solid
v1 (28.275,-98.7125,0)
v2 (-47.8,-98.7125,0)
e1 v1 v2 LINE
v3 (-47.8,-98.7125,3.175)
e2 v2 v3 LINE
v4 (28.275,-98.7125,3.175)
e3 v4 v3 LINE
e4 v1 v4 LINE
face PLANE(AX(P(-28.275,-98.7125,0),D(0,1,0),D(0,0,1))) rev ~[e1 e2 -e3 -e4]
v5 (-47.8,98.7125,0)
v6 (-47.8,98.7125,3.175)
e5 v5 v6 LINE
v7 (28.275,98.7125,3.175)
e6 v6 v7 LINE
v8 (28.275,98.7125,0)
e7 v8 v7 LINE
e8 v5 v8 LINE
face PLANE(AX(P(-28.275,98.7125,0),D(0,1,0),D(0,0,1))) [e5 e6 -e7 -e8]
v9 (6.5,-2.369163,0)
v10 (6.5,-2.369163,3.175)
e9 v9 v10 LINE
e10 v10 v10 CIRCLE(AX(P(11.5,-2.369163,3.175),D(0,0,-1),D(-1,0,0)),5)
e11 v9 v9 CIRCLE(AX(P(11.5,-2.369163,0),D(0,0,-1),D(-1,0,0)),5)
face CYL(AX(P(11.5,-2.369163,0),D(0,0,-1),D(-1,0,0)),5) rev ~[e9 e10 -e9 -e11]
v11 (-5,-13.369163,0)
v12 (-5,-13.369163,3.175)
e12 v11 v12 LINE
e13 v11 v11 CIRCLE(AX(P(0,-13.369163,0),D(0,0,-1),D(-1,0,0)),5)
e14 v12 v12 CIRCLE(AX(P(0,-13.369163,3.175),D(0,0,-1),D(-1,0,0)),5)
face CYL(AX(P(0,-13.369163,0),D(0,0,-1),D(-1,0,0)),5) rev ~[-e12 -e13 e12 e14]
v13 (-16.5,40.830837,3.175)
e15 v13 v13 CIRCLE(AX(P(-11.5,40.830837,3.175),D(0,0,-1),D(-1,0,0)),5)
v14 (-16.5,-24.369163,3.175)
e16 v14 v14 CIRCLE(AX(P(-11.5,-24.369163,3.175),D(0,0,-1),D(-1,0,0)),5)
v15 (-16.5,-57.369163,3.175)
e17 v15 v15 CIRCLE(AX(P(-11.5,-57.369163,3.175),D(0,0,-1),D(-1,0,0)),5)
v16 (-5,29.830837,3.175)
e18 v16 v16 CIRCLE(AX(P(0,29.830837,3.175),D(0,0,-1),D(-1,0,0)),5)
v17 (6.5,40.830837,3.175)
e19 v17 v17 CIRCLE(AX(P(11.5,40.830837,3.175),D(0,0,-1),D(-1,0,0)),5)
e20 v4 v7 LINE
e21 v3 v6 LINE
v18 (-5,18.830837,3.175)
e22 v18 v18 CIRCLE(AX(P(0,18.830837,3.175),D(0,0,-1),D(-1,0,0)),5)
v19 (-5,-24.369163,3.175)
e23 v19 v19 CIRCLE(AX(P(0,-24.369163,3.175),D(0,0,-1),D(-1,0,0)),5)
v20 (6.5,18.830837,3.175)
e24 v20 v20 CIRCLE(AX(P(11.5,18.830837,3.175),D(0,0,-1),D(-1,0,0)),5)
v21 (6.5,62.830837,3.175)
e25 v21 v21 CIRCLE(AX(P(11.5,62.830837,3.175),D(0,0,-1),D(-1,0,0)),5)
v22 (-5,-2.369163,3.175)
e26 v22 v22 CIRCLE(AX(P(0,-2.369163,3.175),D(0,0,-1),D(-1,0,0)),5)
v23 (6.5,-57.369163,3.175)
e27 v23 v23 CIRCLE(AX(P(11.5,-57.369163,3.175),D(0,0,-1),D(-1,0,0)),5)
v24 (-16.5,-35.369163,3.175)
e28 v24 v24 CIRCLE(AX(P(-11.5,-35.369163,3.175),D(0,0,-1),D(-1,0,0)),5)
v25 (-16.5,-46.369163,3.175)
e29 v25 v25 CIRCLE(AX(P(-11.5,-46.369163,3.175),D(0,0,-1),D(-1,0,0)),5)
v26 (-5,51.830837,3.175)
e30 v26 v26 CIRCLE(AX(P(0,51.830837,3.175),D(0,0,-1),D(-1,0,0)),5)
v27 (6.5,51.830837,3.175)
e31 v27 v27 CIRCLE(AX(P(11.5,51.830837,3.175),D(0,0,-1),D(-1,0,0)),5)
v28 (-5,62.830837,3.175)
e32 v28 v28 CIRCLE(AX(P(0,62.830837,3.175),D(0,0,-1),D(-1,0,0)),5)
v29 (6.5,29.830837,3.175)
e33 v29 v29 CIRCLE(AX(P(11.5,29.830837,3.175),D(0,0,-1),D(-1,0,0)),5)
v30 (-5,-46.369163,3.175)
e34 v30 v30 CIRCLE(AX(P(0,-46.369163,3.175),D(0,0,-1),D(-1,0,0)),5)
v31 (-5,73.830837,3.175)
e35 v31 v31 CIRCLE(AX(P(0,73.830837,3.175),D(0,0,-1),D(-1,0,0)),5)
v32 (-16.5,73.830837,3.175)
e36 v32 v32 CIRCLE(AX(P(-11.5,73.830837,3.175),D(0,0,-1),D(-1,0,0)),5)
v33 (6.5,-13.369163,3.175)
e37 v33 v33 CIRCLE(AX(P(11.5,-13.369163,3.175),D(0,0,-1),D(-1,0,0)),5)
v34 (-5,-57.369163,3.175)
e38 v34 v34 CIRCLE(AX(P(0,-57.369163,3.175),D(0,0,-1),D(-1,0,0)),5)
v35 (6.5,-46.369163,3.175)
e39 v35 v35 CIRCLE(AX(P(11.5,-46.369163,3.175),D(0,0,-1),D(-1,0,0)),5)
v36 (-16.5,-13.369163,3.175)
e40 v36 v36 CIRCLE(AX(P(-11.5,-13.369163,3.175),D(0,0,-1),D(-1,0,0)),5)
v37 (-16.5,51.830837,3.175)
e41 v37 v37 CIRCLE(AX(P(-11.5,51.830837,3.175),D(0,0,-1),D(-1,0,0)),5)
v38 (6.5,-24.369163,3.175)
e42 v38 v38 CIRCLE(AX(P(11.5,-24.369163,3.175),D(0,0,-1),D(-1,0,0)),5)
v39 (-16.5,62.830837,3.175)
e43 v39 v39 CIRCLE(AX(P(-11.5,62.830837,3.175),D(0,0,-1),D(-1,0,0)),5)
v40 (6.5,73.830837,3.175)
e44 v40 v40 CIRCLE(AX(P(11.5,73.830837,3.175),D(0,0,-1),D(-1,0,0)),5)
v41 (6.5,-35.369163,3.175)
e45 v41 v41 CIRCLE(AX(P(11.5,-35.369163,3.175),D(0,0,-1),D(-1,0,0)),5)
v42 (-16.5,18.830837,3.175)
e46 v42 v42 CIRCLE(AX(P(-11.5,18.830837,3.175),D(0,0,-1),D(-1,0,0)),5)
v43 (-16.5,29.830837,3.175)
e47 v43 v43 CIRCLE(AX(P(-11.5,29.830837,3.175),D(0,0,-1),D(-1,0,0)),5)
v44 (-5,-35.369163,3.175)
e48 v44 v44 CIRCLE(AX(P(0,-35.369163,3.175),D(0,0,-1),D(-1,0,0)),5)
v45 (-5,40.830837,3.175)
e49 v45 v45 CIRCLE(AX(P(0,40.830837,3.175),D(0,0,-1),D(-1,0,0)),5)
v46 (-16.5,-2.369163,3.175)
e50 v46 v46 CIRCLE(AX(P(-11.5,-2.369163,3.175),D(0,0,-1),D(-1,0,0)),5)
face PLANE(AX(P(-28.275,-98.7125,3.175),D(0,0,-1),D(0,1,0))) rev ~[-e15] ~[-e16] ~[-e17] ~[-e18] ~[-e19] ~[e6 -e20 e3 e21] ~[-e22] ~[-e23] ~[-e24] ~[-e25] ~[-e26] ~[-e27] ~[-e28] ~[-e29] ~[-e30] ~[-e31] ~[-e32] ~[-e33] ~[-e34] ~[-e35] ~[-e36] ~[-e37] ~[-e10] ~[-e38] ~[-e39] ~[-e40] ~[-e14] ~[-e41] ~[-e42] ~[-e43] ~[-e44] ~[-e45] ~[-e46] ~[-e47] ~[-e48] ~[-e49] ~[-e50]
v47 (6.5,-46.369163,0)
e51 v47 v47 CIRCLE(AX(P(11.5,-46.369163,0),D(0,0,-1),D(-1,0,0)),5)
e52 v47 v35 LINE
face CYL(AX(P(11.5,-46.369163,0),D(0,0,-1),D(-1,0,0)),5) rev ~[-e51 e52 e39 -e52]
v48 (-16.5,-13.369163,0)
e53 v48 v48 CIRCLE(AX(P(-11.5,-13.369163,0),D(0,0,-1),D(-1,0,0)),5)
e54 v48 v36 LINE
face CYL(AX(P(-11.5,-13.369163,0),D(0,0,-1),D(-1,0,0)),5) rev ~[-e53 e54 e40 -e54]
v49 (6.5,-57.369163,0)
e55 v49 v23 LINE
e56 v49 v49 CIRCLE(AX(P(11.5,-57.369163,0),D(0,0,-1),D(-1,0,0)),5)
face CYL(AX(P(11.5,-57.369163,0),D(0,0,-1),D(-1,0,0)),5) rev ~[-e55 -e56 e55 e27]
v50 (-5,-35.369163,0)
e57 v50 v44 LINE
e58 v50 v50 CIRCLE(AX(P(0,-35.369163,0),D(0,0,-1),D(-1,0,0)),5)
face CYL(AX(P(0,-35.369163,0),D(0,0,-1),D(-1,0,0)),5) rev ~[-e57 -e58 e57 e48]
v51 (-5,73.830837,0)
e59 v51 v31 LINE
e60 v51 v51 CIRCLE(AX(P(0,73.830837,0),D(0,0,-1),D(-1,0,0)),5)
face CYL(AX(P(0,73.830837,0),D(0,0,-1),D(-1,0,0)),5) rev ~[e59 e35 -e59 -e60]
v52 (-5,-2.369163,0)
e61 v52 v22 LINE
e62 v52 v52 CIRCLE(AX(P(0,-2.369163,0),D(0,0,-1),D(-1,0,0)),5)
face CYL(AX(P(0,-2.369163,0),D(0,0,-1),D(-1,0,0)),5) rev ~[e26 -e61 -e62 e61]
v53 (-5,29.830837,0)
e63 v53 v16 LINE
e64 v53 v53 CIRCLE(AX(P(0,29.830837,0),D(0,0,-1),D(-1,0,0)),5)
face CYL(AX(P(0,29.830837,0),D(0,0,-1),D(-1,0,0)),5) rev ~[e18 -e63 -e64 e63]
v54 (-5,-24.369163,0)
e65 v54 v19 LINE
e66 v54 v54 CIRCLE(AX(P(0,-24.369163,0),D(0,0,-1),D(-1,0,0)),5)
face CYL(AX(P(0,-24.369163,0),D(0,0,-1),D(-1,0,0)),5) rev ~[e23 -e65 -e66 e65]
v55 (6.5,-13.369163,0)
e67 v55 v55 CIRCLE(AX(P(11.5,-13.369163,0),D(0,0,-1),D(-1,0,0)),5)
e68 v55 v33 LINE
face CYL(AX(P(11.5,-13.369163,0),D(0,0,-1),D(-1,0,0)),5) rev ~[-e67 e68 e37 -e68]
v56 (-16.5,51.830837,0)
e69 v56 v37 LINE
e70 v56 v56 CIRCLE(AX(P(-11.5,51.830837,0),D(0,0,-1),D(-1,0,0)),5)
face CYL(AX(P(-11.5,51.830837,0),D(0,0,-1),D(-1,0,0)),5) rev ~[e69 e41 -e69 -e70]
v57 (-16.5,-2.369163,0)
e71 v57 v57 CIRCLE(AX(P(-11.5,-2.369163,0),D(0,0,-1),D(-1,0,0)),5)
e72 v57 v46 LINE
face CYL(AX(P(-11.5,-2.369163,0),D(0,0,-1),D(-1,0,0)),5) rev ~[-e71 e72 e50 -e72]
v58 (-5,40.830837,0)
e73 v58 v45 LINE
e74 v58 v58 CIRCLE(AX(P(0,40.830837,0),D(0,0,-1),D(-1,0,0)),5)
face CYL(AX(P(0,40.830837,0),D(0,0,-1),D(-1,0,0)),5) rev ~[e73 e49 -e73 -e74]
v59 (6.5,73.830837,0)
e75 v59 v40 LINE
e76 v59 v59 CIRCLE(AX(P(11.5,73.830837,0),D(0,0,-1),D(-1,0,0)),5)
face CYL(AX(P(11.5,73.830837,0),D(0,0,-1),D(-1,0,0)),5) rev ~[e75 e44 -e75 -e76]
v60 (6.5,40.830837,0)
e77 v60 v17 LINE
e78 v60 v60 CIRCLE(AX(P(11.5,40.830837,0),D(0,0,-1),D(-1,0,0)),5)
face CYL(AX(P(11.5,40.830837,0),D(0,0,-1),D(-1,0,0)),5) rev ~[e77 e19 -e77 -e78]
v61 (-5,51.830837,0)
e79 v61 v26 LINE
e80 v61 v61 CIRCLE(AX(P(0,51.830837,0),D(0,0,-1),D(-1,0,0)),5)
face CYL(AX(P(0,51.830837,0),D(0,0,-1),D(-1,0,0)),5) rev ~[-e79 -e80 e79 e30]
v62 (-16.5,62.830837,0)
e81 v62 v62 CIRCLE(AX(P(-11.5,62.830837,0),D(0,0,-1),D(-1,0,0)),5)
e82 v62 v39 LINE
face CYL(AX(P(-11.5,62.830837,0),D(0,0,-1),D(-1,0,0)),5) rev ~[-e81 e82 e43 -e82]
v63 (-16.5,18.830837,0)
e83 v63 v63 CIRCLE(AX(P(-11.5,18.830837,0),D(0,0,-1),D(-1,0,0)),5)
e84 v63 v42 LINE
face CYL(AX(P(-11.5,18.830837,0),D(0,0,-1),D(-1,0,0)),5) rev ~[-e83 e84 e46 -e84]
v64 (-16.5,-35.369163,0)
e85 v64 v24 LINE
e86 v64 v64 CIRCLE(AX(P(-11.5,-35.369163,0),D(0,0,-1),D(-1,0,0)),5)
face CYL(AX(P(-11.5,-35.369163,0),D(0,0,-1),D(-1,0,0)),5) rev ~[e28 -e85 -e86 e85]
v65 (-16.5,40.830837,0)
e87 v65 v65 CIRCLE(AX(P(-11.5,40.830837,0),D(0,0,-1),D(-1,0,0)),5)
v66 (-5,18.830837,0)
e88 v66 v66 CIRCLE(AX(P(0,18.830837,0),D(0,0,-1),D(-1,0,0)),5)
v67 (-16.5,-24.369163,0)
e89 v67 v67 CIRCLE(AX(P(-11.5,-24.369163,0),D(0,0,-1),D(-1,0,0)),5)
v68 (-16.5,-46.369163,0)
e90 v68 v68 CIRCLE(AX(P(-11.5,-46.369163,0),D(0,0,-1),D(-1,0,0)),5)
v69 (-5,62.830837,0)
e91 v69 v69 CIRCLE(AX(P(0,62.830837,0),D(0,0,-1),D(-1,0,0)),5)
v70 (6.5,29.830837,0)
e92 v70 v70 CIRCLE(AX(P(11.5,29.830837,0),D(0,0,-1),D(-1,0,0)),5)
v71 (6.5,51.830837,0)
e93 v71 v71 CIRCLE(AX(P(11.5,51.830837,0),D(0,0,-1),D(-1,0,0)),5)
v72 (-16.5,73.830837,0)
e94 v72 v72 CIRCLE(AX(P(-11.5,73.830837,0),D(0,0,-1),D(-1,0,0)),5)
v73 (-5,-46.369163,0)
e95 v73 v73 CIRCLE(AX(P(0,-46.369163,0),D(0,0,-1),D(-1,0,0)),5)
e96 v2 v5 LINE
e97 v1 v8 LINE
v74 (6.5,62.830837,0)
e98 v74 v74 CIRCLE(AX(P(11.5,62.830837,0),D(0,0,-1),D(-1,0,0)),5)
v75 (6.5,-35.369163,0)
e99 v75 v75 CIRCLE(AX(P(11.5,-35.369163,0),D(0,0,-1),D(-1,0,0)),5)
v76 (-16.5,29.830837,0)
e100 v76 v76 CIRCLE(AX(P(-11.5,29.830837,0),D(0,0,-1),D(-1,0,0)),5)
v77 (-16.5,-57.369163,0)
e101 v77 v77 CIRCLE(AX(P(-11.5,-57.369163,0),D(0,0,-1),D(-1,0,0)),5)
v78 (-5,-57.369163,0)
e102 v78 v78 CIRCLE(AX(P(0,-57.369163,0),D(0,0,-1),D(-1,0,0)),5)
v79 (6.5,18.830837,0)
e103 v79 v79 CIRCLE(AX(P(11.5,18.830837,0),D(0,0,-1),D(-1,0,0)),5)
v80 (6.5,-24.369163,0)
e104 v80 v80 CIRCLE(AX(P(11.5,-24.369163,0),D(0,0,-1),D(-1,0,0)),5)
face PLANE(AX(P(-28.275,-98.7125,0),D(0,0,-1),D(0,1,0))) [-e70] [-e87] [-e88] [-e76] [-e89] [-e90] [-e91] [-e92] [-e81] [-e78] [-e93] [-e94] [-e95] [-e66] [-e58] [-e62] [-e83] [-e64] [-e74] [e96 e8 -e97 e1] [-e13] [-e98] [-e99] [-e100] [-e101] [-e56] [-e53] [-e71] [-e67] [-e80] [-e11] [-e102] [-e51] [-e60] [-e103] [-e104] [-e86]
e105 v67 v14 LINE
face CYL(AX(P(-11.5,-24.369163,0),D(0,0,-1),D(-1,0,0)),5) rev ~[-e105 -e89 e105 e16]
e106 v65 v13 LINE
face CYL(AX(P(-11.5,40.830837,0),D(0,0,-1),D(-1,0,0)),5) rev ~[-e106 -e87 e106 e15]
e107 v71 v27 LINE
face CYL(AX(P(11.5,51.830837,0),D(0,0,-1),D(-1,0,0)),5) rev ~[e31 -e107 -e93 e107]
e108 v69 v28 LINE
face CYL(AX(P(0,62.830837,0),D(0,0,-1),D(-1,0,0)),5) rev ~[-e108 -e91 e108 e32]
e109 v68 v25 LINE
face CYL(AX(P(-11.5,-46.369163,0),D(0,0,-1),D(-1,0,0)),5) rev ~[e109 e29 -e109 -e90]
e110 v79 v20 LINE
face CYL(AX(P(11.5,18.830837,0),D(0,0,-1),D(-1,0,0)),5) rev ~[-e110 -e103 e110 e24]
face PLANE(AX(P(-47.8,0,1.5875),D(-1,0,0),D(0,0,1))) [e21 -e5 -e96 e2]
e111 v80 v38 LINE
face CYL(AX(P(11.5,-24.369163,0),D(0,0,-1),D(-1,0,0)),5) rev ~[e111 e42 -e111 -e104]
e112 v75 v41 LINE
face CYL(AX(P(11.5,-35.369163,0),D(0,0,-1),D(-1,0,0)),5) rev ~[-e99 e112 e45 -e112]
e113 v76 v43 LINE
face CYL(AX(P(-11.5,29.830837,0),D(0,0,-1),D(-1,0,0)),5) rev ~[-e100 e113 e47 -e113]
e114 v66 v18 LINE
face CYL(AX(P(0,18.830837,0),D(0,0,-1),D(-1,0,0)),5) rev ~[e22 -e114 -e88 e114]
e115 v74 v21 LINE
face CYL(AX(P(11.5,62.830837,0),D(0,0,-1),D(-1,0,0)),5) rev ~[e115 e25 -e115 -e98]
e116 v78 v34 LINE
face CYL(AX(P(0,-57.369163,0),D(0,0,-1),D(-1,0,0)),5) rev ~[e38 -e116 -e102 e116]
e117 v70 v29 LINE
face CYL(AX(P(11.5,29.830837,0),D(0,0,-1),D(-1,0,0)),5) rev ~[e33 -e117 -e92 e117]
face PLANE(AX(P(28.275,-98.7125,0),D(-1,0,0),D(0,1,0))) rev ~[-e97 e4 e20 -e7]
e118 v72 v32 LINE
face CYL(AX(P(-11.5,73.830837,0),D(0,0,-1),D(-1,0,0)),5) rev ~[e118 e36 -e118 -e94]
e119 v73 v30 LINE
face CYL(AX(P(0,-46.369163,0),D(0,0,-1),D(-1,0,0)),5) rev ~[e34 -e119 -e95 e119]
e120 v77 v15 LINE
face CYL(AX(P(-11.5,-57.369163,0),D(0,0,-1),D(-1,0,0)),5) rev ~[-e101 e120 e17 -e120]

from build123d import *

# Parameters (mm, degrees)
SKETCH1_W           = 56.55
SKETCH1_H           = 197.425
BOSS_EXTRUDE1_DEPTH = 3.175
SKETCH2_R           = 5
CUT_EXTRUDE1_DEPTH  = 10
LPATTERN1_COUNT     = 6
LPATTERN1_PITCH     = 11
SKETCH5_W           = 3.175
SKETCH5_H           = 197.425
BOSS_EXTRUDE2_DEPTH = 19.525


with BuildPart() as part:
    # Sketch1 → Boss-Extrude1 (new body)
    with BuildSketch(Plane.XY):
        Rectangle(SKETCH1_W, SKETCH1_H)
    extrude(amount=BOSS_EXTRUDE1_DEPTH)

    # Sketch2 → Cut-Extrude1 (cut)
    with BuildSketch(Plane(origin=(0, 0, 0), x_dir=(-1, 0, 0), z_dir=(0, 0, -1))):
        with Locations((11.5, -57.369162839)):
            Circle(SKETCH2_R)
        with Locations((-11.5, -57.369162839)):
            Circle(SKETCH2_R)
        with Locations((11.5, 18.830837161)):
            Circle(SKETCH2_R)
        with Locations((0, 18.830837161)):
            Circle(SKETCH2_R)
        with Locations((-11.5, 18.830837161)):
            Circle(SKETCH2_R)
        with Locations((0, -57.369162839)):
            Circle(SKETCH2_R)
    cut_extrude1 = extrude(amount=-CUT_EXTRUDE1_DEPTH, mode=Mode.SUBTRACT)

    # LPattern1: Cut-Extrude1 ×6
    with Locations(*[(0, i * LPATTERN1_PITCH, 0) for i in range(1, LPATTERN1_COUNT)]):
        add(cut_extrude1, mode=Mode.SUBTRACT)

    # Sketch5 → Boss-Extrude2 (add)
    with BuildSketch(Plane.ZY.offset(28.275)):
        with Locations((1.5875, 0)):
            Rectangle(SKETCH5_W, SKETCH5_H)
    extrude(amount=BOSS_EXTRUDE2_DEPTH)


solid = part.part
